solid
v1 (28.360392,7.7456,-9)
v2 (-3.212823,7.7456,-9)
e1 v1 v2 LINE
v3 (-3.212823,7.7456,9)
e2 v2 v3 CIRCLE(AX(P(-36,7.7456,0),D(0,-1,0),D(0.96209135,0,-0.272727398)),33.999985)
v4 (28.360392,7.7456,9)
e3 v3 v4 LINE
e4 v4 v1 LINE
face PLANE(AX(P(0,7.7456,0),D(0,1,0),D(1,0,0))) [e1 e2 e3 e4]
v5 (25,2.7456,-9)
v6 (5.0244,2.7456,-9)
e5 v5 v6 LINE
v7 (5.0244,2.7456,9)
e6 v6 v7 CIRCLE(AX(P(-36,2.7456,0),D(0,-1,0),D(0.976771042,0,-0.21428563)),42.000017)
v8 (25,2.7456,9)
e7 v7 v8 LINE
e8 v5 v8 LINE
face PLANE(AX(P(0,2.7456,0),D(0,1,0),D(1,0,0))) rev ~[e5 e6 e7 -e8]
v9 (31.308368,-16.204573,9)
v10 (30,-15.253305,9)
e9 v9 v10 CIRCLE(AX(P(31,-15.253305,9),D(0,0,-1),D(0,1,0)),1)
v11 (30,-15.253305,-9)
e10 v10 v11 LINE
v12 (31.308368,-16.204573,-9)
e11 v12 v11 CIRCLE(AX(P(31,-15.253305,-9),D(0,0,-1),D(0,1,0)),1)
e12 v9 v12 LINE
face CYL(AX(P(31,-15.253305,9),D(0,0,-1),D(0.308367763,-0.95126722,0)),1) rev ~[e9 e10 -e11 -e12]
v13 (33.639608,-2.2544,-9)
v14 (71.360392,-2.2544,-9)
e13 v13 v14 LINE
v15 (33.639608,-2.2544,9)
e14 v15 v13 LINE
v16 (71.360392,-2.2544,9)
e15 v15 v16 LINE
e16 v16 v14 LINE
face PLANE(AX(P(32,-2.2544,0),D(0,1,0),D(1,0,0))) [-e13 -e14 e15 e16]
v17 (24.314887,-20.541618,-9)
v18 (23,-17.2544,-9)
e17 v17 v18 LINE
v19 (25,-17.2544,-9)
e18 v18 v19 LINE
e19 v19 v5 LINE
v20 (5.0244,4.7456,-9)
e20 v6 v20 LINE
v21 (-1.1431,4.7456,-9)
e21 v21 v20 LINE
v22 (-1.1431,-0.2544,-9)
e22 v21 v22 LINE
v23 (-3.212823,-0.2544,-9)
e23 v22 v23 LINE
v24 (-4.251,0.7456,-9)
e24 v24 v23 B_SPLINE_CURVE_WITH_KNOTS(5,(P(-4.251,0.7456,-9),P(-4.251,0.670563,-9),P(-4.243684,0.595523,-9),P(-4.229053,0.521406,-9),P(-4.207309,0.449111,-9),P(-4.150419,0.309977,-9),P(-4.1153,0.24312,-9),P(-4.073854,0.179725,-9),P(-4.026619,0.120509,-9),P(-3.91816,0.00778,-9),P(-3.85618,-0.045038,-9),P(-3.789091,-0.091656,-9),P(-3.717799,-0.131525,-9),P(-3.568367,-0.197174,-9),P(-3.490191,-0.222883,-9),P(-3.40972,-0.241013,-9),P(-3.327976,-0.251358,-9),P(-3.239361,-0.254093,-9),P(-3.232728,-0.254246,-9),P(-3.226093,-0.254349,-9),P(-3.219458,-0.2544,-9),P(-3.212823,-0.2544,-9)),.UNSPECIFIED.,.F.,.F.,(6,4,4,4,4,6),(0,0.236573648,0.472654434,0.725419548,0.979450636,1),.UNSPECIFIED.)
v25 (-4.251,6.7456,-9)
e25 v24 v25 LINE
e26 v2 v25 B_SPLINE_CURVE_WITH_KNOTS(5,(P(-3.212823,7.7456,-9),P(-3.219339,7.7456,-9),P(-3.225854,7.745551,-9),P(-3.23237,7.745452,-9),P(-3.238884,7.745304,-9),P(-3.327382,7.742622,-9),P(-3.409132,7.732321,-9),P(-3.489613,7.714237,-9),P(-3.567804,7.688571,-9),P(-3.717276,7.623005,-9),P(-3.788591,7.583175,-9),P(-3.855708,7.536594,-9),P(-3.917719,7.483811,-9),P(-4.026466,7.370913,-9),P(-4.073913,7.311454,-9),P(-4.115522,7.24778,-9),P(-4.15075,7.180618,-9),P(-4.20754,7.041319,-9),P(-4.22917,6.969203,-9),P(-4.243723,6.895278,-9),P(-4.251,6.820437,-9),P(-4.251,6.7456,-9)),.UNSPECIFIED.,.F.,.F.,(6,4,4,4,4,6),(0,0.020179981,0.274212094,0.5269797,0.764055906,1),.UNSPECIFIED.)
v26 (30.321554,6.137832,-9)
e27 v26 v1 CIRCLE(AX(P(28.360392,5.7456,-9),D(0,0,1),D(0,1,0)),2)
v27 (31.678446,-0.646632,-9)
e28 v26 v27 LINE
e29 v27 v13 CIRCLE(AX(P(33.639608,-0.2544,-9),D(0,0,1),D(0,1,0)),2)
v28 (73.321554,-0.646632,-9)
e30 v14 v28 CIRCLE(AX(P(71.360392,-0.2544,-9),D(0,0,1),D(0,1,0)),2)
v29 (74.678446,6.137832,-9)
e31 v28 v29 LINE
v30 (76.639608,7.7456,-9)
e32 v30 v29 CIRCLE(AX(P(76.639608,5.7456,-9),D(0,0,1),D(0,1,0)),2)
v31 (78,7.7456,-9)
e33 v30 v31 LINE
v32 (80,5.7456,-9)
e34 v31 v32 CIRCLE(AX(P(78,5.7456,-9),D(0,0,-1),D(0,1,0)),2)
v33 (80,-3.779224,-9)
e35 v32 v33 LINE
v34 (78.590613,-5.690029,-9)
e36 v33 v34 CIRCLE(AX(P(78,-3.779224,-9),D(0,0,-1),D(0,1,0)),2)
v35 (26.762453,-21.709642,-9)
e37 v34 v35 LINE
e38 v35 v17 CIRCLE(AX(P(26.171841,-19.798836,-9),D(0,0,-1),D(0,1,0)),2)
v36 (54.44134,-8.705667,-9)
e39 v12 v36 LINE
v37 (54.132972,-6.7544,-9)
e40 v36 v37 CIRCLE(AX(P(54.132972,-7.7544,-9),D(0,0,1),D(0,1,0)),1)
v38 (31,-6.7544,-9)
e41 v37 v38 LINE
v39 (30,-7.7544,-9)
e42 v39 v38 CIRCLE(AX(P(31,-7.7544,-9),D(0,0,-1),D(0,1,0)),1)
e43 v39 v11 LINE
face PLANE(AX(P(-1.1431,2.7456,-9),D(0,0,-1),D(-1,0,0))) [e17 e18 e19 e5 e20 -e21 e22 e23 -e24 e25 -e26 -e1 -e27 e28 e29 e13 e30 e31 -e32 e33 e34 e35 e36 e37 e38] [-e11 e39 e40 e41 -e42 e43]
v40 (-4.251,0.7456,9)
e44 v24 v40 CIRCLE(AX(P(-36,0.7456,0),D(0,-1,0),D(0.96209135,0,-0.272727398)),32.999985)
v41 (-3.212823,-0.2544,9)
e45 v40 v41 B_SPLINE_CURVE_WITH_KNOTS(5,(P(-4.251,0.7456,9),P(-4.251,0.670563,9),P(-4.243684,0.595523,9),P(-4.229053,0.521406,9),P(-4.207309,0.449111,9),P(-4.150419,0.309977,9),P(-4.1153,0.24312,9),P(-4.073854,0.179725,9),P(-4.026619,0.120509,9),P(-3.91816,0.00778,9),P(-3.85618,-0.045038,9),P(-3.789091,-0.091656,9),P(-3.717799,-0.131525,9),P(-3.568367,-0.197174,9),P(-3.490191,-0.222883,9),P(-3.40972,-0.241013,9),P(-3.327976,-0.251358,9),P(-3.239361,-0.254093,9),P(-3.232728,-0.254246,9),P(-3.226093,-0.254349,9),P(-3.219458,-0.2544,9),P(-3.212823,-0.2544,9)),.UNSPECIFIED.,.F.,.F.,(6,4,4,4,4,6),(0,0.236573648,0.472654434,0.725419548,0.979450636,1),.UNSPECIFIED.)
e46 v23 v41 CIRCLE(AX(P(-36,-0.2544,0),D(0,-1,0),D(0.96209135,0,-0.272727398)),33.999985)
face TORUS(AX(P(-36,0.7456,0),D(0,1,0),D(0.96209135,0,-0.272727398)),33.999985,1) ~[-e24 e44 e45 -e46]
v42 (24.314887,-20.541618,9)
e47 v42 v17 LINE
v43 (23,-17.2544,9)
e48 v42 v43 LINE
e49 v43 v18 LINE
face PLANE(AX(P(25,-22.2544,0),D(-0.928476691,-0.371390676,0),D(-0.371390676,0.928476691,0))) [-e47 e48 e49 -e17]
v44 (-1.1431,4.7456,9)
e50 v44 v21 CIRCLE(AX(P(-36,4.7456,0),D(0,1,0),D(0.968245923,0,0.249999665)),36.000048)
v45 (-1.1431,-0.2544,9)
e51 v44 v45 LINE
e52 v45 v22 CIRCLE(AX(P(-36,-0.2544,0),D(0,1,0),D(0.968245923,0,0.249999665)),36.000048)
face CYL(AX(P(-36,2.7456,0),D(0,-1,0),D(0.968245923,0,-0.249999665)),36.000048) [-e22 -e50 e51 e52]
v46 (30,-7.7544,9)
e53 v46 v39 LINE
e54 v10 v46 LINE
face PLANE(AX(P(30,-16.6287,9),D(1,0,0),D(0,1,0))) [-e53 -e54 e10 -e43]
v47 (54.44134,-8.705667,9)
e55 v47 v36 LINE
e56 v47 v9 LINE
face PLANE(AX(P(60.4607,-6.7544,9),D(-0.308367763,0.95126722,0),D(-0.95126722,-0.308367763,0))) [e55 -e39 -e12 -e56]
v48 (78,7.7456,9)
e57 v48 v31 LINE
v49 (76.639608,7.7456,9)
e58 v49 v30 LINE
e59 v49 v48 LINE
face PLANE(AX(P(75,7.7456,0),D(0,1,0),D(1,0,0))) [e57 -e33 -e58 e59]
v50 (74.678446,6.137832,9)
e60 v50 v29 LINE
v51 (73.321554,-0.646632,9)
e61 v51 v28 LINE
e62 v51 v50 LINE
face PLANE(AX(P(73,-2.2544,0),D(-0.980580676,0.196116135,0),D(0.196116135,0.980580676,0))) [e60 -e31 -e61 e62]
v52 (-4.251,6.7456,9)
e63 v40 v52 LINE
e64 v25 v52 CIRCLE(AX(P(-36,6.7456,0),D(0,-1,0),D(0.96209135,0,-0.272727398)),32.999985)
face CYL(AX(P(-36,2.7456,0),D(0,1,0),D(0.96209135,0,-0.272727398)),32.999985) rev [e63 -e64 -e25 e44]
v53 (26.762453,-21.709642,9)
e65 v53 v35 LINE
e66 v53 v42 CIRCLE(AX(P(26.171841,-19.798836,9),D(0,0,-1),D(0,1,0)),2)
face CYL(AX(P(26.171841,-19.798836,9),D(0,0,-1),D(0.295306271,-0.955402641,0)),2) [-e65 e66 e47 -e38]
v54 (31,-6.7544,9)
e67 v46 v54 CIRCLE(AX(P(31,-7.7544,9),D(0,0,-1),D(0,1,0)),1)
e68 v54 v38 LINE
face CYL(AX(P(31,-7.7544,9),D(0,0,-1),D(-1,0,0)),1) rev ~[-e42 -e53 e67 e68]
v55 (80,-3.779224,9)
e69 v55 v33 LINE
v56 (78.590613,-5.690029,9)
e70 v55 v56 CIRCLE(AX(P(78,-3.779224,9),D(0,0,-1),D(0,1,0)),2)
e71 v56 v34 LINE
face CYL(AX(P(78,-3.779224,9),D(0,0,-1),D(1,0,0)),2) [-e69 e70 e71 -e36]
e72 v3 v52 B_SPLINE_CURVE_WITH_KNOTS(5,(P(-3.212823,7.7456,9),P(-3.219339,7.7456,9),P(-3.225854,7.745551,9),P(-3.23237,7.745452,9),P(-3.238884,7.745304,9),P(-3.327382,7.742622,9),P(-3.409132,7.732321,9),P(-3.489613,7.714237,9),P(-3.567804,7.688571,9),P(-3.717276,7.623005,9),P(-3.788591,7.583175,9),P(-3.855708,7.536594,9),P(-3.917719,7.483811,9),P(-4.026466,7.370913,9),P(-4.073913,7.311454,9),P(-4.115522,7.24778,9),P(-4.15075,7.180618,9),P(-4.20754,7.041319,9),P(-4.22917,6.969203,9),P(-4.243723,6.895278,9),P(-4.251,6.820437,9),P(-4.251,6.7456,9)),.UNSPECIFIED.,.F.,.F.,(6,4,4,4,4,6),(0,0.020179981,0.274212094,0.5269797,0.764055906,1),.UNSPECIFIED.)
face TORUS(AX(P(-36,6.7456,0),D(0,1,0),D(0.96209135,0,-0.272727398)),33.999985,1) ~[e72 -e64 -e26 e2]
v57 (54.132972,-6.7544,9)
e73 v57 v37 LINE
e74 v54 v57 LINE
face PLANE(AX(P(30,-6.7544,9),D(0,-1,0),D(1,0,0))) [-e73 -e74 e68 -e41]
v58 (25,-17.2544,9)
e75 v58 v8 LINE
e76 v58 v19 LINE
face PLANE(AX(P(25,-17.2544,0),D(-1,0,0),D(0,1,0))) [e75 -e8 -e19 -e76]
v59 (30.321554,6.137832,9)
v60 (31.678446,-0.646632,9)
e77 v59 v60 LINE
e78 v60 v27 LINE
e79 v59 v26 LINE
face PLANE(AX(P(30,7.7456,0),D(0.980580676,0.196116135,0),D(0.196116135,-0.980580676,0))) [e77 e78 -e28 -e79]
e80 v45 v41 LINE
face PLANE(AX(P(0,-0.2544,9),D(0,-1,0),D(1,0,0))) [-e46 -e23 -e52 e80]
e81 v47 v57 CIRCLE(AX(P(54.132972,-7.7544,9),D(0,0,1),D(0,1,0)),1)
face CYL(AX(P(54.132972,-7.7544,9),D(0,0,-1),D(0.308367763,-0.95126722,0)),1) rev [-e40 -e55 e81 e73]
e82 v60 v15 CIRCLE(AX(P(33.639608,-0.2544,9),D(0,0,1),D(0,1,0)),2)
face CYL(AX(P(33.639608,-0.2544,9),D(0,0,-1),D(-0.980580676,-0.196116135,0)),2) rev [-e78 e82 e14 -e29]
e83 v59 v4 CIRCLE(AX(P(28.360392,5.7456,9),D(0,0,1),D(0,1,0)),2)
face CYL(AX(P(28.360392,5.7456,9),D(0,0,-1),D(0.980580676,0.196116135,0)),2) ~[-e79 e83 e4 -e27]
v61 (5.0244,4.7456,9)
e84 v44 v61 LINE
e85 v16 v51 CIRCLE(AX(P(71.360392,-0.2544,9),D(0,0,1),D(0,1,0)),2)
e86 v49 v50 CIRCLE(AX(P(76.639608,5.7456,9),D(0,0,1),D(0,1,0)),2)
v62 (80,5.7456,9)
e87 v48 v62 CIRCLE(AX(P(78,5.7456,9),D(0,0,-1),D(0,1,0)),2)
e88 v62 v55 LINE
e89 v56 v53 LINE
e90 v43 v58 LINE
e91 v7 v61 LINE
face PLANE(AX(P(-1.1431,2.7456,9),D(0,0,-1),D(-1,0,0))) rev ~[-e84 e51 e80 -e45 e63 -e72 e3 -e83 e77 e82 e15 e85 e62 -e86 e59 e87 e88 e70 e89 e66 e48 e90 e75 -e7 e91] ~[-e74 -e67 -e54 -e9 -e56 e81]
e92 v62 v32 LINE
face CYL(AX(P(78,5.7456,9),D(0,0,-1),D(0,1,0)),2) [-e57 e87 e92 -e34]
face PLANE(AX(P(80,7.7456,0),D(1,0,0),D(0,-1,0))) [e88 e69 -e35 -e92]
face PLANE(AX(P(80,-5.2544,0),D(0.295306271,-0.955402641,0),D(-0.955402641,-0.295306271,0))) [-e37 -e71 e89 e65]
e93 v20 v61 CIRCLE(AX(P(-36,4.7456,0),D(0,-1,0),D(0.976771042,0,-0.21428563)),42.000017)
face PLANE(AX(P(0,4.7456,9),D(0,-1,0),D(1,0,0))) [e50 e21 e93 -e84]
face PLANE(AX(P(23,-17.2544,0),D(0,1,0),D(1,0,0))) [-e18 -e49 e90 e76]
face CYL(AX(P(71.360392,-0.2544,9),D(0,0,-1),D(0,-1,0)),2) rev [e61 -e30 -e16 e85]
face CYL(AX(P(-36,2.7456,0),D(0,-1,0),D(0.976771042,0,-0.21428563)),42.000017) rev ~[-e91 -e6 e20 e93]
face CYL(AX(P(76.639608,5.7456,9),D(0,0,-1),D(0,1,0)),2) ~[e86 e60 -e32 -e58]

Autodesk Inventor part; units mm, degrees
ref_plane "YZ Plane" through (0, 0, 0) normal (1, 0, 0) x (0, 1, 0)
ref_plane "XZ Plane" through (0, 0, 0) normal (0, 1, 0) x (-1, 0, 0)
ref_plane "XY Plane" through (0, 0, 0) normal (0, 0, 1) x (1, 0, 0)
sketch "Sketch1" plane through (0, 0, 0) normal (0, 0, 1) x (1, 0, 0)
  line L0 (0, 7.7456) -> (30, 7.7456)
  line L1 (30, 7.7456) -> (32, -2.2544)
  line L2 (32, -2.2544) -> (73, -2.2544)
  line L3 (73, -2.2544) -> (75, 7.7456)
  line L4 (23, -17.2544) -> (25, -17.2544)
  line L5 (25, -17.2544) -> (25, 2.7456)
  line L6 (25, 2.7456) -> (6, 2.7456)
  line L7 (75, 7.7456) -> (80, 7.7456)
  line L8 (80, 7.7456) -> (80, -5.2544)
  line L9 (80, -5.2544) -> (25, -22.2544)
  line L10 (25, -22.2544) -> (23, -17.2544)
  line L11 (0, 7.7456) -> (0, 2.7456)
  line L12 (0, 2.7456) -> (6, 2.7456)
  point P0 (0, 0)
  dimension "d0" = 20
  dimension "d4" = 5
  dimension "d7" = 2
  dimension "d8" = 10
  dimension "d9" = 45
  dimension "d11" = 41
  dimension "d12" = 2
  dimension "d13" = 5
  dimension "d14" = 13
  dimension "d15" = 5
  dimension "d18" = 0
  dimension "d19" = 6
  dimension "d20" = 30
  dimension "d21" = 25
  dimension "d26" = 2.7456
  dimension "d27" = 2.7456
extrude "Extrusion1" add sketch "Sketch1" along normal mid plane 18
sketch "Sketch4" plane through (0, 2.7456, 9) normal (0, -1, 0) x (1, 0, 0)
  arc A0 (-1.1431, -18) -> (-1.1431, 0) centre (-36, -9) ccw
  line L0 (0, 0) -> (0, -18) projected
  arc A1 (5.0244, -18) -> (5.0244, 0) centre (-36, -9) ccw
  arc A2 (-4.251, -18) -> (-4.251, 0) centre (-36, -9) ccw
  line L1 (30, 0) -> (0, 0) projected
  line L2 (5.0244, 0) -> (-4.251, 0)
  line L3 (0, -18) -> (30, -18) projected
  line L4 (5.0244, -18) -> (-4.251, -18)
  point P0 (0, -9)
  dimension "d28" = 72
  dimension "d29" = 36
  dimension "d30" = 84
  dimension "d31" = 66
extrude "Extrusion2" add sketch "Sketch4" against normal blind 5
extrude "Extrusion3" add sketch "Sketch4" along normal blind 3 contours L4 A2 L2 A0
extrude "Extrusion4" cut sketch "Sketch4" against normal blind 2 contours A0 L0 L4 | A0 L2 L0 | L0 L1 A1 L3
fillet "Fillet1" radius 2 2 edges at (30, 7.7456, 0) (75, 7.7456, 0)
fillet "Fillet2" radius 2 5 edges at (73, -2.2544, 0) (32, -2.2544, 0) (25, -22.2544, 0) (80, -5.2544, 0) (80, 7.7456, 0)
fillet "Fillet3" radius 1 2 edges at (-3, 7.7456, 0) (-3, -0.2544, 0)
sketch "Sketch5" plane through (0, 0, 9) normal (0, 0, 1) x (1, 0, 0)
  line L0 (30, -6.7544) -> (60.4607, -6.7544)
  line L1 (60.4607, -6.7544) -> (30, -16.6287)
  line L2 (30, -16.6287) -> (30, -6.7544)
  line L3 (71.3604, -2.2544) -> (33.6396, -2.2544) projected
  line L4 (26.7625, -21.7097) -> (78.5906, -5.6901) projected
  line L5 (25, 2.7456) -> (25, -17.2544) projected
  point P0 (0, 0)
  dimension "d41" = 4.5
  dimension "d42" = 0.785
  dimension "d43" = 5
extrude "Extrusion5" cut sketch "Sketch5" against normal through all
fillet "Fillet4" radius 1 3 edges at (60.4607, -6.7544, 0) (30, -6.7544, 0) (30, -16.6287, 0)
equation "\"d29\" = 0.5 * d28"
properties part number "HeadphoneMount"
